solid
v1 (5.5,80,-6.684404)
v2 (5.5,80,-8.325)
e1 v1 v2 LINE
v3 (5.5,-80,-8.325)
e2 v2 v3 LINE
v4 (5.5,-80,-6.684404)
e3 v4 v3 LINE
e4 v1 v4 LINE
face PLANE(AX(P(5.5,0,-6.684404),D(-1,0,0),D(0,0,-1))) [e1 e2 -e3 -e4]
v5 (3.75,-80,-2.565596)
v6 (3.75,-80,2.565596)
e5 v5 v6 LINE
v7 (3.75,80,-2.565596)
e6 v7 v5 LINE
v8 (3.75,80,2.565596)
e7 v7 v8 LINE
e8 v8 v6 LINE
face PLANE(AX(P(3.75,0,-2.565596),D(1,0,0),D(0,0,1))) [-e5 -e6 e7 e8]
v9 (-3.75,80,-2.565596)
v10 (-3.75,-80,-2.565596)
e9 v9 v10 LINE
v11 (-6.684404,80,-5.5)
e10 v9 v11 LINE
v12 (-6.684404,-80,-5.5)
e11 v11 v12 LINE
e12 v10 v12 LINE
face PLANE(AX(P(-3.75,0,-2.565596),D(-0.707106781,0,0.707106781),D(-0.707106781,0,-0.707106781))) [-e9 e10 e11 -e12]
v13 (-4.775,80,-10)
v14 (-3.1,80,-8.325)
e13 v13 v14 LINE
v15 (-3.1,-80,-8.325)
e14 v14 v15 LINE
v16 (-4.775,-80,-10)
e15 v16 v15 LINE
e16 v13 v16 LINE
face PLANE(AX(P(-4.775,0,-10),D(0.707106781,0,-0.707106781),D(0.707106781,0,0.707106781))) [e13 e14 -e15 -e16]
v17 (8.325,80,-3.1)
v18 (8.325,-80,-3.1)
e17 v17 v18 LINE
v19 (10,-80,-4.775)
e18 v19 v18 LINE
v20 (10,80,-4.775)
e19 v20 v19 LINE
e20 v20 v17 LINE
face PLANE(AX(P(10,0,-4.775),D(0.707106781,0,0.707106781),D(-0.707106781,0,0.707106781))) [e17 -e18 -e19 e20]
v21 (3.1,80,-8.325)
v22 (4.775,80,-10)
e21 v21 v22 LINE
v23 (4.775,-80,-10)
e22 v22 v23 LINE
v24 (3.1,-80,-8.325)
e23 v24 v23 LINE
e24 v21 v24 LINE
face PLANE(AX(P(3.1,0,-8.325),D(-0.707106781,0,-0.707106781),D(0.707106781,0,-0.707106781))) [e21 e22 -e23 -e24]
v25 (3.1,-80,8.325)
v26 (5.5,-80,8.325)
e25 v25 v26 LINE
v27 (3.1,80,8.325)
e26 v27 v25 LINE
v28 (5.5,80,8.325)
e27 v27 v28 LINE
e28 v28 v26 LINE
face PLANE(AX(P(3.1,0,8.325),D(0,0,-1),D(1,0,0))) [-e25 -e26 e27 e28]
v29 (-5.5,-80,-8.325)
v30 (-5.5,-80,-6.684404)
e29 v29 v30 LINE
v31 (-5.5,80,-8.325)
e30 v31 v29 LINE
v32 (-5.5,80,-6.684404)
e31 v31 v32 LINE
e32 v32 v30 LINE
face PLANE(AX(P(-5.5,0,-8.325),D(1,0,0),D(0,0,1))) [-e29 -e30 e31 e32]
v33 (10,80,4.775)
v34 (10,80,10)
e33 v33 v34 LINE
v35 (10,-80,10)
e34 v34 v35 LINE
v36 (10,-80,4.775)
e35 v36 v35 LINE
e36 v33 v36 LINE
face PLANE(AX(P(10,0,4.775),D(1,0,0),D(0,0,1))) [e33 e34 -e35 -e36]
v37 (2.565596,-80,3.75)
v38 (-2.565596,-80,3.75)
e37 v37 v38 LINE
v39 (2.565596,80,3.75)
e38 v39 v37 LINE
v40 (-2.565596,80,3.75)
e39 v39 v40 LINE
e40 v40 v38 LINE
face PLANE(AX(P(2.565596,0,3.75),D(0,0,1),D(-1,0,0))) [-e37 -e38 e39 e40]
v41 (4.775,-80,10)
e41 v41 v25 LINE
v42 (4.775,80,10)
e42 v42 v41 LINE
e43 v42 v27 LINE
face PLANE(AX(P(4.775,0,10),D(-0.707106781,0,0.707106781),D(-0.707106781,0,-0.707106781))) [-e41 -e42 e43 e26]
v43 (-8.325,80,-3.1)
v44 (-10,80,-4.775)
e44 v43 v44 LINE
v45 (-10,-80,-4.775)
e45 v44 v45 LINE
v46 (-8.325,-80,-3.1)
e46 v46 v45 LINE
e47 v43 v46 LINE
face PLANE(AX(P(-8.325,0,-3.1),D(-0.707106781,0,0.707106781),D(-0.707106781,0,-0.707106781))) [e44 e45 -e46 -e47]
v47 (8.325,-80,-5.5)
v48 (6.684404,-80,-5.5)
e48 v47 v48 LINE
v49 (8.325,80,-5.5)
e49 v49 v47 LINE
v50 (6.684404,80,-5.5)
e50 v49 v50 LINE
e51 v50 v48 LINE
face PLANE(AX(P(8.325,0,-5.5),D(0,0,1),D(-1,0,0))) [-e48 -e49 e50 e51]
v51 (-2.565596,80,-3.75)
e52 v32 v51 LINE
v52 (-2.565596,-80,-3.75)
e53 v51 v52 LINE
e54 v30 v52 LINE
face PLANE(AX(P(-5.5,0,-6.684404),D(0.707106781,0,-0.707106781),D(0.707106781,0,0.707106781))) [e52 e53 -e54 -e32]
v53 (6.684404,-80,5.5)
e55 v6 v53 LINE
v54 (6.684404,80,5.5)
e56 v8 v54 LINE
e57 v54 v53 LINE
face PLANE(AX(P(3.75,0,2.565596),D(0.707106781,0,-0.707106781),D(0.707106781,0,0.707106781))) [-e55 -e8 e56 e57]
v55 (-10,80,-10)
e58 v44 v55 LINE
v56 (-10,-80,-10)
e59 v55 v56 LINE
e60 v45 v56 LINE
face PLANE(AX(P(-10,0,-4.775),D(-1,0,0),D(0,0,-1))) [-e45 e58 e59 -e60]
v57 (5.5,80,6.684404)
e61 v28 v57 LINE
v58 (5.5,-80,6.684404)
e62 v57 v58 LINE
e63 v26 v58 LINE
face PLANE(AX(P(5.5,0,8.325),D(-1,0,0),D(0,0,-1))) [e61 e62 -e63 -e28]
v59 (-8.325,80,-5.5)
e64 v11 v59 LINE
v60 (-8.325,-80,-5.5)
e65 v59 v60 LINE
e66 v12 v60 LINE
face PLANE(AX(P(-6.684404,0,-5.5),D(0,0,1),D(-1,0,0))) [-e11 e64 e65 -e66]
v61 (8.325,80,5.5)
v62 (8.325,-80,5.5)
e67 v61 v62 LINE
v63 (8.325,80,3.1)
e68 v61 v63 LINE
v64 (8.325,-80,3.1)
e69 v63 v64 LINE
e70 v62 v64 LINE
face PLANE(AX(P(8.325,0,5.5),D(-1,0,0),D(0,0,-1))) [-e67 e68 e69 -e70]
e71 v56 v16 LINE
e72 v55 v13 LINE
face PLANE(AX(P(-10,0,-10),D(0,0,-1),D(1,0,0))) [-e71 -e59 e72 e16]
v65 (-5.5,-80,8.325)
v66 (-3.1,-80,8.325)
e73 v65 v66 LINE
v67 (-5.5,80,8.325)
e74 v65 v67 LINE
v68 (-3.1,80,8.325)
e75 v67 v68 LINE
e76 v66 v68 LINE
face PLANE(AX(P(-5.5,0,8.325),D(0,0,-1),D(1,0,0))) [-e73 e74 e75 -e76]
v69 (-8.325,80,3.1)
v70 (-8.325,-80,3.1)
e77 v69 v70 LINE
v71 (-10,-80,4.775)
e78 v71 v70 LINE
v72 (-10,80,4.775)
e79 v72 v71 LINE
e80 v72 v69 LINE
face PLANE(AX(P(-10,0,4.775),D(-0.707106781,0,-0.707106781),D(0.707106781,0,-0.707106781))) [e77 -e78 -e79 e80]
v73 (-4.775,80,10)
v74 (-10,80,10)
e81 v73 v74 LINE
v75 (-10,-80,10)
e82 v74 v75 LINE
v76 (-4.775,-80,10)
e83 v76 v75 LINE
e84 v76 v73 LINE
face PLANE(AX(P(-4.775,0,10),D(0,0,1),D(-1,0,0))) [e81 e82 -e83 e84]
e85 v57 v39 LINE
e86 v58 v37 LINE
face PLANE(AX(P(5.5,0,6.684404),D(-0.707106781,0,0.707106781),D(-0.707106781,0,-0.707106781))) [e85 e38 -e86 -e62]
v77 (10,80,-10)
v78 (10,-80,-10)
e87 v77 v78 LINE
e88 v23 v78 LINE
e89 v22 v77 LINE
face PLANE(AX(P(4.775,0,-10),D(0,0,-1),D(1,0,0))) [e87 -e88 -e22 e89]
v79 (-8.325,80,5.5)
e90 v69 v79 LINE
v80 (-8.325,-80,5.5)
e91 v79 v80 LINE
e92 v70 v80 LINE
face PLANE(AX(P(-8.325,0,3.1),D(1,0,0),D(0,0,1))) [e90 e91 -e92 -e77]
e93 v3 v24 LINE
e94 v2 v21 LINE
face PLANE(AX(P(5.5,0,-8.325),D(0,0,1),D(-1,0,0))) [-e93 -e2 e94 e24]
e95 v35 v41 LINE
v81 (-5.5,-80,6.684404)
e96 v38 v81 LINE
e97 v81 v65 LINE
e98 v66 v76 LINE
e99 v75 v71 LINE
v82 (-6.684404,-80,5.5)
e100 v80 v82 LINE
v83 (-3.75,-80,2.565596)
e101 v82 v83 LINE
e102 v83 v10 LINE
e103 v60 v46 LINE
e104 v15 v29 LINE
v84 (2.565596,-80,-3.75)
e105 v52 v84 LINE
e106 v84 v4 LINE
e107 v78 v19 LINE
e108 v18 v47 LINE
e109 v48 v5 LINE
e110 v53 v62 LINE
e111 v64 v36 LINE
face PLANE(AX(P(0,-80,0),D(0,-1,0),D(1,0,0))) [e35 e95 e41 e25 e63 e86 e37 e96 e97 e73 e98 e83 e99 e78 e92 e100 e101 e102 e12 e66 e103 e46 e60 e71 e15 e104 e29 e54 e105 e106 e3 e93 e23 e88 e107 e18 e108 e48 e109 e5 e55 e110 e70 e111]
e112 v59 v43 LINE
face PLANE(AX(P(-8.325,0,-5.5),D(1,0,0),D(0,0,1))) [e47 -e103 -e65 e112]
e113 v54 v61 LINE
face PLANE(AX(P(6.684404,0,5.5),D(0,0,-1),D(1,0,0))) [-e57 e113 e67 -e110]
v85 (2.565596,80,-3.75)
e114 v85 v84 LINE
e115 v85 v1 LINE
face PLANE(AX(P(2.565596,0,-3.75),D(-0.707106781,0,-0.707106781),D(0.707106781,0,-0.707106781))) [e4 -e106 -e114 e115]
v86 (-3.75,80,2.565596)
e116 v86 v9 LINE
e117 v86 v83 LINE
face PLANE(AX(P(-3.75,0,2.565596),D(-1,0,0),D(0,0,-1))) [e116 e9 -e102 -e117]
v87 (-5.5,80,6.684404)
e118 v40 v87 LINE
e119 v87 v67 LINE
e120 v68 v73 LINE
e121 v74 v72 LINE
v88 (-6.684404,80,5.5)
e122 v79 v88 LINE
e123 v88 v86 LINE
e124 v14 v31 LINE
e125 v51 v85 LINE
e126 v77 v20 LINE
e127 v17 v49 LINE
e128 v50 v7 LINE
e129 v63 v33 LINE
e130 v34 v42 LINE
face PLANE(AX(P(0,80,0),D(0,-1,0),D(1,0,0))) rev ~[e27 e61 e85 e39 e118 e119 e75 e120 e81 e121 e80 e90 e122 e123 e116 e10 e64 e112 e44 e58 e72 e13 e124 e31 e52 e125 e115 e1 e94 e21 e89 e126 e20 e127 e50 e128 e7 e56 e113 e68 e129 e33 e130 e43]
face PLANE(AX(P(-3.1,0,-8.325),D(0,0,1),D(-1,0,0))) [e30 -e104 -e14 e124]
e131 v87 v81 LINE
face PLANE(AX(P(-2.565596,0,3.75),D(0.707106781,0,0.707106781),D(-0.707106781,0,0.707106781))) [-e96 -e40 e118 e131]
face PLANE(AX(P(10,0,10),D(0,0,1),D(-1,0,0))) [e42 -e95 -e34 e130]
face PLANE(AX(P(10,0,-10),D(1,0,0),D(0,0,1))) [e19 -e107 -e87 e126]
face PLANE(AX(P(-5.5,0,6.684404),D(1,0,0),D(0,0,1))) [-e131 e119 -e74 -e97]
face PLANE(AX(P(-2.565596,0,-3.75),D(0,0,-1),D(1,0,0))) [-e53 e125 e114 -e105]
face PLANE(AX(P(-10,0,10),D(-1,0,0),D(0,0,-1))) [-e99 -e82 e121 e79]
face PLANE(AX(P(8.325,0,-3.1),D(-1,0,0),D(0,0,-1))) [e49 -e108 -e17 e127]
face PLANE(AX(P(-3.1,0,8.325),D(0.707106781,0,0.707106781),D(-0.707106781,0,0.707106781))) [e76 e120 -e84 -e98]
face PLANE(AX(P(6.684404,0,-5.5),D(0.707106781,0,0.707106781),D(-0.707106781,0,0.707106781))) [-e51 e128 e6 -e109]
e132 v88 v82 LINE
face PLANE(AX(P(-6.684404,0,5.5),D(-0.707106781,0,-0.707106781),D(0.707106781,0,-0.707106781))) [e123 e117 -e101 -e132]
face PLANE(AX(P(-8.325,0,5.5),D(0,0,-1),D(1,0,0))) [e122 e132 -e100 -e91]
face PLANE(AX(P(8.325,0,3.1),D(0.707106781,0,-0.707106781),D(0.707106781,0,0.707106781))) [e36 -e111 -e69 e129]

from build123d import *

# Parameters (mm, degrees)
F1_DEPTH = 80


with BuildPart() as f1:
    # F0 (on Front) → F1 (new body, symmetric)
    with BuildSketch(Plane.XZ):
        Polygon((-4.775, 10), (-10, 10), (-10, 4.775), (-8.325, 3.1), (-8.325, 5.5), (-6.684404, 5.5), (-3.75, 2.565596), (-3.75, 0), (-3.75, -2.565596), (-6.684404, -5.5), (-8.325, -5.5), (-8.325, -3.1), (-10, -4.775), (-10, -10), (-4.775, -10), (-3.1, -8.325), (-5.5, -8.325), (-5.5, -6.684404), (-2.565596, -3.75), (0, -3.75), (2.565596, -3.75), (5.5, -6.684404), (5.5, -8.325), (3.1, -8.325), (4.775, -10), (10, -10), (10, -4.775), (8.325, -3.1), (8.325, -5.5), (6.684404, -5.5), (3.75, -2.565596), (3.75, 0), (3.75, 2.565596), (6.684404, 5.5), (8.325, 5.5), (8.325, 3.1), (10, 4.775), (10, 10), (4.775, 10), (3.1, 8.325), (5.5, 8.325), (5.5, 6.684404), (2.565596, 3.75), (0, 3.75), (-2.565596, 3.75), (-5.5, 6.684404), (-5.5, 8.325), (-3.1, 8.325), align=None)
    extrude(amount=F1_DEPTH, both=True)


solid = f1.part
